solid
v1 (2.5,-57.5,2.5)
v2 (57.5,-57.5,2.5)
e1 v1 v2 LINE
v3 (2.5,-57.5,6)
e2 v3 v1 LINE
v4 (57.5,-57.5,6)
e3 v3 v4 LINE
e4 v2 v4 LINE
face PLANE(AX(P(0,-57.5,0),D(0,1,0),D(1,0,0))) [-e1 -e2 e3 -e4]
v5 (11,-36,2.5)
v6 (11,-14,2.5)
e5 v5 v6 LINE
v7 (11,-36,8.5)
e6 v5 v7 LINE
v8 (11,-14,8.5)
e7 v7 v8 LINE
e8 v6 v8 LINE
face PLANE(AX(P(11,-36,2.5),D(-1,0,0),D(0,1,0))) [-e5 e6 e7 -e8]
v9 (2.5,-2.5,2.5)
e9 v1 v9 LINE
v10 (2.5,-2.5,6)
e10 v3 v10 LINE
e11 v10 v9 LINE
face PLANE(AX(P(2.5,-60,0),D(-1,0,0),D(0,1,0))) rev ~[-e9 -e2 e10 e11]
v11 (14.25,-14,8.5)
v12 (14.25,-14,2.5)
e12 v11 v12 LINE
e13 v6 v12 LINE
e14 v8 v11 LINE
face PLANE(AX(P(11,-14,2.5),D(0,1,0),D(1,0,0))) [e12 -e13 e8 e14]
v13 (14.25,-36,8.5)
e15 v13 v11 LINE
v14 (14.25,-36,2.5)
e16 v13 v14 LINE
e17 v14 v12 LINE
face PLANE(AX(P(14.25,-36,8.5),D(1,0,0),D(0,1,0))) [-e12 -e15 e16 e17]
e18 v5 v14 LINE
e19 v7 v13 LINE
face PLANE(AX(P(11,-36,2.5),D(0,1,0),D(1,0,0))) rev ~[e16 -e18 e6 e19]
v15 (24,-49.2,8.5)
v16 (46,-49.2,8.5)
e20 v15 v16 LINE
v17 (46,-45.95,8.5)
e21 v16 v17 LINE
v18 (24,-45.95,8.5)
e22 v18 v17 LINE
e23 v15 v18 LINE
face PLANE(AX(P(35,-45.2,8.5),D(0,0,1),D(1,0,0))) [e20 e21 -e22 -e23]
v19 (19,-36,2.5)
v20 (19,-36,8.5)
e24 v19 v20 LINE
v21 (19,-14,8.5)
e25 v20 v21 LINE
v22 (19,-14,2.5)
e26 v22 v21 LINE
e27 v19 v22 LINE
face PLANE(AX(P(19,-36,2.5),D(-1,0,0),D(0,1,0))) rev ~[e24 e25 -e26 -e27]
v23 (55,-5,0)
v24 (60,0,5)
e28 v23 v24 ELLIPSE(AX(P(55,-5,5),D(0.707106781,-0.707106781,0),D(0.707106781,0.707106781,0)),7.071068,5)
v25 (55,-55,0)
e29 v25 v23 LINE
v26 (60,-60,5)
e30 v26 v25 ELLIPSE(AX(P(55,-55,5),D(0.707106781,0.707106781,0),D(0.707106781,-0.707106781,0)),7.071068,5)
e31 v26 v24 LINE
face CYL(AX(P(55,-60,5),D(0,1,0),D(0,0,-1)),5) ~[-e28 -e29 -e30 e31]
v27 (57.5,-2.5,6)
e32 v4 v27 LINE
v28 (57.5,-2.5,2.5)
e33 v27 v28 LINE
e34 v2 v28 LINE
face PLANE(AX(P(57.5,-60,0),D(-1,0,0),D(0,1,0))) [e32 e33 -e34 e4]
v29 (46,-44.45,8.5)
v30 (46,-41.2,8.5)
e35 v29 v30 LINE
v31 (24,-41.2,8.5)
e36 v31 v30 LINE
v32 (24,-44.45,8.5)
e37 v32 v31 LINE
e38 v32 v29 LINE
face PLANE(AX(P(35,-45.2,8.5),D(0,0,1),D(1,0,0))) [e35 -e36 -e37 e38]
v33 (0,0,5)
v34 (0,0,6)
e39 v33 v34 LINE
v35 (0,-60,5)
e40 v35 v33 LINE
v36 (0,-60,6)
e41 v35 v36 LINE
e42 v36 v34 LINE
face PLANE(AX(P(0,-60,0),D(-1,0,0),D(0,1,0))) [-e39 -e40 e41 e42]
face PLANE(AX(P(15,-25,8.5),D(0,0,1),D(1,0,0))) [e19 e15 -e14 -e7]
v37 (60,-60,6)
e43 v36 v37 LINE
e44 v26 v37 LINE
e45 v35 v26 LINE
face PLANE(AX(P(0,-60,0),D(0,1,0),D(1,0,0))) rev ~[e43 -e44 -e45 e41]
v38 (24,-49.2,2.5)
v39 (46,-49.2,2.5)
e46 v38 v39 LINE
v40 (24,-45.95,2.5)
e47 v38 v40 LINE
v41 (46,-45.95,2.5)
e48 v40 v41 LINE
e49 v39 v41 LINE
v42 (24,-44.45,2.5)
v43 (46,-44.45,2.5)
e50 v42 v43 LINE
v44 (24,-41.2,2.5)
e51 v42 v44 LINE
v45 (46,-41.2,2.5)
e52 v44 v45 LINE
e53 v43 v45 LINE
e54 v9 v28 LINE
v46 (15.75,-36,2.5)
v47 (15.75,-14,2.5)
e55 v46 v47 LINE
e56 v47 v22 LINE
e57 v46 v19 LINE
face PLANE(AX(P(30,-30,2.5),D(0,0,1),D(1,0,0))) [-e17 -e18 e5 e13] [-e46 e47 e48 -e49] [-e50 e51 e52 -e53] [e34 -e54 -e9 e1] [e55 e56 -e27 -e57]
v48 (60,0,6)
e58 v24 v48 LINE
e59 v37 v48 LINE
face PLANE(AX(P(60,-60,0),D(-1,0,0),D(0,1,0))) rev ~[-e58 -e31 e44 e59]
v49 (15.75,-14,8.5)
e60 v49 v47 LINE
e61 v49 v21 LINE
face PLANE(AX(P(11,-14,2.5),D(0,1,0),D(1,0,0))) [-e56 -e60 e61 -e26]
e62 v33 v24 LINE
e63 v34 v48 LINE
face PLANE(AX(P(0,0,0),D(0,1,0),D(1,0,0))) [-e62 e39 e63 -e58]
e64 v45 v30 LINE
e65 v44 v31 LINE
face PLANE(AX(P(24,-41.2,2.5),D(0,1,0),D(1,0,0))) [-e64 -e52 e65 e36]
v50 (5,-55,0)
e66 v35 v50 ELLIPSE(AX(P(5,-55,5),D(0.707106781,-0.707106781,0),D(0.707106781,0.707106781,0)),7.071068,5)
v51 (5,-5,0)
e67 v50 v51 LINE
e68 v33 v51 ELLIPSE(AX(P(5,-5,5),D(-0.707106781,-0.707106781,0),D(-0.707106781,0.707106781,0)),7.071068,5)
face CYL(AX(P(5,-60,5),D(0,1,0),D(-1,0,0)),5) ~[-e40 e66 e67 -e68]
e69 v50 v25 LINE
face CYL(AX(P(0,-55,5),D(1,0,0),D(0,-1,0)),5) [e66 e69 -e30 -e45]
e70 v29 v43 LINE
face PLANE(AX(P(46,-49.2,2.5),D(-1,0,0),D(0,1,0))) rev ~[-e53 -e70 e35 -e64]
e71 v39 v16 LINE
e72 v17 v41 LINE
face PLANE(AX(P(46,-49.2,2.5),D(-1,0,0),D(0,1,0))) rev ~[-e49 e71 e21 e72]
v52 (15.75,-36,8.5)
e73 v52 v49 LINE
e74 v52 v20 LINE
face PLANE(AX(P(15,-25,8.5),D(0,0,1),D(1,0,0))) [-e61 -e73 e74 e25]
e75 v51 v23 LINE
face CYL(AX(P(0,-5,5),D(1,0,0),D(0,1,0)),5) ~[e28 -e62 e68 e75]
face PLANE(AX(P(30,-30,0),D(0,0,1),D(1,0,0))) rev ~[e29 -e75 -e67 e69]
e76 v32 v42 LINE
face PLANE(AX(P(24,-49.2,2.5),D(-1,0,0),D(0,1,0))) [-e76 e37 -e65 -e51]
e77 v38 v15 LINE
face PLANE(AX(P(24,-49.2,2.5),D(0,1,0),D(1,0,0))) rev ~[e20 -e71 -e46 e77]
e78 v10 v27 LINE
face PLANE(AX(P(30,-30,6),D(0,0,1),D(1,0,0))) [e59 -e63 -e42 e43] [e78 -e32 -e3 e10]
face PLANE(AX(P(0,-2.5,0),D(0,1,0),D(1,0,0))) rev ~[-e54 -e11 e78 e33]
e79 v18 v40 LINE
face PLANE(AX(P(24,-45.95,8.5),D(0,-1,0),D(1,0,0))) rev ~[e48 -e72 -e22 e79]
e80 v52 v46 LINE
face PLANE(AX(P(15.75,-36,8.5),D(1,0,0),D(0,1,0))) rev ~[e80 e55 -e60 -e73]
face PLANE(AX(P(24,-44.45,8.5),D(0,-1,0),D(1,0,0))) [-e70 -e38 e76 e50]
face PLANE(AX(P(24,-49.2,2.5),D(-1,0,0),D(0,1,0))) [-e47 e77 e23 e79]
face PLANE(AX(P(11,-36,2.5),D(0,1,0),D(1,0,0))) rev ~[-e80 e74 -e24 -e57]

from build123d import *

# Parameters (mm, degrees)
F0_W     = 60
F0_H     = 60
F1_DEPTH = 6
F2_T     = -2.5
F3_W     = 8
F3_H     = 22
F3_W_2   = 22
F3_H_2   = 8
F4_DEPTH = 6
F5_W     = 1.5
F5_H     = 22
F6_W     = 22
F6_H     = 1.5
F7_DEPTH = 6
F8_R     = 5


with BuildPart() as f1:
    # F0 (on Top) → F1 (new body)
    with BuildSketch(Plane.XY):
        with Locations((30, -30)):
            Rectangle(F0_W, F0_H)
    extrude(amount=F1_DEPTH)

    # F2
    f2_openings = [f1.faces().sort_by_distance(p)[0] for p in [
        (30, -30, 6),
    ]]
    offset(amount=F2_T, openings=f2_openings)

    # F3 (on face) → F4 (join)
    with BuildSketch(Plane.XY.offset(2.5)):
        with Locations((15, -25)):
            Rectangle(F3_W, F3_H)
        with Locations((35, -45.2)):
            Rectangle(F3_W_2, F3_H_2)
    extrude(amount=F4_DEPTH)

    # F5 (on face) + F6 (on face) → F7 (cut)
    with BuildSketch(Plane.XY.offset(8.5)):
        with Locations((15, -25)):
            Rectangle(F5_W, F5_H)
    with BuildSketch(Plane.XY.offset(8.5)):
        with Locations((35, -45.2)):
            Rectangle(F6_W, F6_H)
    extrude(amount=-F7_DEPTH, mode=Mode.SUBTRACT)

    # F8
    f8_edges = [f1.edges().sort_by_distance(p)[0] for p in [
        (30, -60, 0),
        (60, -30, 0),
        (0, -30, 0),
        (30, 0, 0),
    ]]
    fillet(f8_edges, radius=F8_R)


solid = f1.part
